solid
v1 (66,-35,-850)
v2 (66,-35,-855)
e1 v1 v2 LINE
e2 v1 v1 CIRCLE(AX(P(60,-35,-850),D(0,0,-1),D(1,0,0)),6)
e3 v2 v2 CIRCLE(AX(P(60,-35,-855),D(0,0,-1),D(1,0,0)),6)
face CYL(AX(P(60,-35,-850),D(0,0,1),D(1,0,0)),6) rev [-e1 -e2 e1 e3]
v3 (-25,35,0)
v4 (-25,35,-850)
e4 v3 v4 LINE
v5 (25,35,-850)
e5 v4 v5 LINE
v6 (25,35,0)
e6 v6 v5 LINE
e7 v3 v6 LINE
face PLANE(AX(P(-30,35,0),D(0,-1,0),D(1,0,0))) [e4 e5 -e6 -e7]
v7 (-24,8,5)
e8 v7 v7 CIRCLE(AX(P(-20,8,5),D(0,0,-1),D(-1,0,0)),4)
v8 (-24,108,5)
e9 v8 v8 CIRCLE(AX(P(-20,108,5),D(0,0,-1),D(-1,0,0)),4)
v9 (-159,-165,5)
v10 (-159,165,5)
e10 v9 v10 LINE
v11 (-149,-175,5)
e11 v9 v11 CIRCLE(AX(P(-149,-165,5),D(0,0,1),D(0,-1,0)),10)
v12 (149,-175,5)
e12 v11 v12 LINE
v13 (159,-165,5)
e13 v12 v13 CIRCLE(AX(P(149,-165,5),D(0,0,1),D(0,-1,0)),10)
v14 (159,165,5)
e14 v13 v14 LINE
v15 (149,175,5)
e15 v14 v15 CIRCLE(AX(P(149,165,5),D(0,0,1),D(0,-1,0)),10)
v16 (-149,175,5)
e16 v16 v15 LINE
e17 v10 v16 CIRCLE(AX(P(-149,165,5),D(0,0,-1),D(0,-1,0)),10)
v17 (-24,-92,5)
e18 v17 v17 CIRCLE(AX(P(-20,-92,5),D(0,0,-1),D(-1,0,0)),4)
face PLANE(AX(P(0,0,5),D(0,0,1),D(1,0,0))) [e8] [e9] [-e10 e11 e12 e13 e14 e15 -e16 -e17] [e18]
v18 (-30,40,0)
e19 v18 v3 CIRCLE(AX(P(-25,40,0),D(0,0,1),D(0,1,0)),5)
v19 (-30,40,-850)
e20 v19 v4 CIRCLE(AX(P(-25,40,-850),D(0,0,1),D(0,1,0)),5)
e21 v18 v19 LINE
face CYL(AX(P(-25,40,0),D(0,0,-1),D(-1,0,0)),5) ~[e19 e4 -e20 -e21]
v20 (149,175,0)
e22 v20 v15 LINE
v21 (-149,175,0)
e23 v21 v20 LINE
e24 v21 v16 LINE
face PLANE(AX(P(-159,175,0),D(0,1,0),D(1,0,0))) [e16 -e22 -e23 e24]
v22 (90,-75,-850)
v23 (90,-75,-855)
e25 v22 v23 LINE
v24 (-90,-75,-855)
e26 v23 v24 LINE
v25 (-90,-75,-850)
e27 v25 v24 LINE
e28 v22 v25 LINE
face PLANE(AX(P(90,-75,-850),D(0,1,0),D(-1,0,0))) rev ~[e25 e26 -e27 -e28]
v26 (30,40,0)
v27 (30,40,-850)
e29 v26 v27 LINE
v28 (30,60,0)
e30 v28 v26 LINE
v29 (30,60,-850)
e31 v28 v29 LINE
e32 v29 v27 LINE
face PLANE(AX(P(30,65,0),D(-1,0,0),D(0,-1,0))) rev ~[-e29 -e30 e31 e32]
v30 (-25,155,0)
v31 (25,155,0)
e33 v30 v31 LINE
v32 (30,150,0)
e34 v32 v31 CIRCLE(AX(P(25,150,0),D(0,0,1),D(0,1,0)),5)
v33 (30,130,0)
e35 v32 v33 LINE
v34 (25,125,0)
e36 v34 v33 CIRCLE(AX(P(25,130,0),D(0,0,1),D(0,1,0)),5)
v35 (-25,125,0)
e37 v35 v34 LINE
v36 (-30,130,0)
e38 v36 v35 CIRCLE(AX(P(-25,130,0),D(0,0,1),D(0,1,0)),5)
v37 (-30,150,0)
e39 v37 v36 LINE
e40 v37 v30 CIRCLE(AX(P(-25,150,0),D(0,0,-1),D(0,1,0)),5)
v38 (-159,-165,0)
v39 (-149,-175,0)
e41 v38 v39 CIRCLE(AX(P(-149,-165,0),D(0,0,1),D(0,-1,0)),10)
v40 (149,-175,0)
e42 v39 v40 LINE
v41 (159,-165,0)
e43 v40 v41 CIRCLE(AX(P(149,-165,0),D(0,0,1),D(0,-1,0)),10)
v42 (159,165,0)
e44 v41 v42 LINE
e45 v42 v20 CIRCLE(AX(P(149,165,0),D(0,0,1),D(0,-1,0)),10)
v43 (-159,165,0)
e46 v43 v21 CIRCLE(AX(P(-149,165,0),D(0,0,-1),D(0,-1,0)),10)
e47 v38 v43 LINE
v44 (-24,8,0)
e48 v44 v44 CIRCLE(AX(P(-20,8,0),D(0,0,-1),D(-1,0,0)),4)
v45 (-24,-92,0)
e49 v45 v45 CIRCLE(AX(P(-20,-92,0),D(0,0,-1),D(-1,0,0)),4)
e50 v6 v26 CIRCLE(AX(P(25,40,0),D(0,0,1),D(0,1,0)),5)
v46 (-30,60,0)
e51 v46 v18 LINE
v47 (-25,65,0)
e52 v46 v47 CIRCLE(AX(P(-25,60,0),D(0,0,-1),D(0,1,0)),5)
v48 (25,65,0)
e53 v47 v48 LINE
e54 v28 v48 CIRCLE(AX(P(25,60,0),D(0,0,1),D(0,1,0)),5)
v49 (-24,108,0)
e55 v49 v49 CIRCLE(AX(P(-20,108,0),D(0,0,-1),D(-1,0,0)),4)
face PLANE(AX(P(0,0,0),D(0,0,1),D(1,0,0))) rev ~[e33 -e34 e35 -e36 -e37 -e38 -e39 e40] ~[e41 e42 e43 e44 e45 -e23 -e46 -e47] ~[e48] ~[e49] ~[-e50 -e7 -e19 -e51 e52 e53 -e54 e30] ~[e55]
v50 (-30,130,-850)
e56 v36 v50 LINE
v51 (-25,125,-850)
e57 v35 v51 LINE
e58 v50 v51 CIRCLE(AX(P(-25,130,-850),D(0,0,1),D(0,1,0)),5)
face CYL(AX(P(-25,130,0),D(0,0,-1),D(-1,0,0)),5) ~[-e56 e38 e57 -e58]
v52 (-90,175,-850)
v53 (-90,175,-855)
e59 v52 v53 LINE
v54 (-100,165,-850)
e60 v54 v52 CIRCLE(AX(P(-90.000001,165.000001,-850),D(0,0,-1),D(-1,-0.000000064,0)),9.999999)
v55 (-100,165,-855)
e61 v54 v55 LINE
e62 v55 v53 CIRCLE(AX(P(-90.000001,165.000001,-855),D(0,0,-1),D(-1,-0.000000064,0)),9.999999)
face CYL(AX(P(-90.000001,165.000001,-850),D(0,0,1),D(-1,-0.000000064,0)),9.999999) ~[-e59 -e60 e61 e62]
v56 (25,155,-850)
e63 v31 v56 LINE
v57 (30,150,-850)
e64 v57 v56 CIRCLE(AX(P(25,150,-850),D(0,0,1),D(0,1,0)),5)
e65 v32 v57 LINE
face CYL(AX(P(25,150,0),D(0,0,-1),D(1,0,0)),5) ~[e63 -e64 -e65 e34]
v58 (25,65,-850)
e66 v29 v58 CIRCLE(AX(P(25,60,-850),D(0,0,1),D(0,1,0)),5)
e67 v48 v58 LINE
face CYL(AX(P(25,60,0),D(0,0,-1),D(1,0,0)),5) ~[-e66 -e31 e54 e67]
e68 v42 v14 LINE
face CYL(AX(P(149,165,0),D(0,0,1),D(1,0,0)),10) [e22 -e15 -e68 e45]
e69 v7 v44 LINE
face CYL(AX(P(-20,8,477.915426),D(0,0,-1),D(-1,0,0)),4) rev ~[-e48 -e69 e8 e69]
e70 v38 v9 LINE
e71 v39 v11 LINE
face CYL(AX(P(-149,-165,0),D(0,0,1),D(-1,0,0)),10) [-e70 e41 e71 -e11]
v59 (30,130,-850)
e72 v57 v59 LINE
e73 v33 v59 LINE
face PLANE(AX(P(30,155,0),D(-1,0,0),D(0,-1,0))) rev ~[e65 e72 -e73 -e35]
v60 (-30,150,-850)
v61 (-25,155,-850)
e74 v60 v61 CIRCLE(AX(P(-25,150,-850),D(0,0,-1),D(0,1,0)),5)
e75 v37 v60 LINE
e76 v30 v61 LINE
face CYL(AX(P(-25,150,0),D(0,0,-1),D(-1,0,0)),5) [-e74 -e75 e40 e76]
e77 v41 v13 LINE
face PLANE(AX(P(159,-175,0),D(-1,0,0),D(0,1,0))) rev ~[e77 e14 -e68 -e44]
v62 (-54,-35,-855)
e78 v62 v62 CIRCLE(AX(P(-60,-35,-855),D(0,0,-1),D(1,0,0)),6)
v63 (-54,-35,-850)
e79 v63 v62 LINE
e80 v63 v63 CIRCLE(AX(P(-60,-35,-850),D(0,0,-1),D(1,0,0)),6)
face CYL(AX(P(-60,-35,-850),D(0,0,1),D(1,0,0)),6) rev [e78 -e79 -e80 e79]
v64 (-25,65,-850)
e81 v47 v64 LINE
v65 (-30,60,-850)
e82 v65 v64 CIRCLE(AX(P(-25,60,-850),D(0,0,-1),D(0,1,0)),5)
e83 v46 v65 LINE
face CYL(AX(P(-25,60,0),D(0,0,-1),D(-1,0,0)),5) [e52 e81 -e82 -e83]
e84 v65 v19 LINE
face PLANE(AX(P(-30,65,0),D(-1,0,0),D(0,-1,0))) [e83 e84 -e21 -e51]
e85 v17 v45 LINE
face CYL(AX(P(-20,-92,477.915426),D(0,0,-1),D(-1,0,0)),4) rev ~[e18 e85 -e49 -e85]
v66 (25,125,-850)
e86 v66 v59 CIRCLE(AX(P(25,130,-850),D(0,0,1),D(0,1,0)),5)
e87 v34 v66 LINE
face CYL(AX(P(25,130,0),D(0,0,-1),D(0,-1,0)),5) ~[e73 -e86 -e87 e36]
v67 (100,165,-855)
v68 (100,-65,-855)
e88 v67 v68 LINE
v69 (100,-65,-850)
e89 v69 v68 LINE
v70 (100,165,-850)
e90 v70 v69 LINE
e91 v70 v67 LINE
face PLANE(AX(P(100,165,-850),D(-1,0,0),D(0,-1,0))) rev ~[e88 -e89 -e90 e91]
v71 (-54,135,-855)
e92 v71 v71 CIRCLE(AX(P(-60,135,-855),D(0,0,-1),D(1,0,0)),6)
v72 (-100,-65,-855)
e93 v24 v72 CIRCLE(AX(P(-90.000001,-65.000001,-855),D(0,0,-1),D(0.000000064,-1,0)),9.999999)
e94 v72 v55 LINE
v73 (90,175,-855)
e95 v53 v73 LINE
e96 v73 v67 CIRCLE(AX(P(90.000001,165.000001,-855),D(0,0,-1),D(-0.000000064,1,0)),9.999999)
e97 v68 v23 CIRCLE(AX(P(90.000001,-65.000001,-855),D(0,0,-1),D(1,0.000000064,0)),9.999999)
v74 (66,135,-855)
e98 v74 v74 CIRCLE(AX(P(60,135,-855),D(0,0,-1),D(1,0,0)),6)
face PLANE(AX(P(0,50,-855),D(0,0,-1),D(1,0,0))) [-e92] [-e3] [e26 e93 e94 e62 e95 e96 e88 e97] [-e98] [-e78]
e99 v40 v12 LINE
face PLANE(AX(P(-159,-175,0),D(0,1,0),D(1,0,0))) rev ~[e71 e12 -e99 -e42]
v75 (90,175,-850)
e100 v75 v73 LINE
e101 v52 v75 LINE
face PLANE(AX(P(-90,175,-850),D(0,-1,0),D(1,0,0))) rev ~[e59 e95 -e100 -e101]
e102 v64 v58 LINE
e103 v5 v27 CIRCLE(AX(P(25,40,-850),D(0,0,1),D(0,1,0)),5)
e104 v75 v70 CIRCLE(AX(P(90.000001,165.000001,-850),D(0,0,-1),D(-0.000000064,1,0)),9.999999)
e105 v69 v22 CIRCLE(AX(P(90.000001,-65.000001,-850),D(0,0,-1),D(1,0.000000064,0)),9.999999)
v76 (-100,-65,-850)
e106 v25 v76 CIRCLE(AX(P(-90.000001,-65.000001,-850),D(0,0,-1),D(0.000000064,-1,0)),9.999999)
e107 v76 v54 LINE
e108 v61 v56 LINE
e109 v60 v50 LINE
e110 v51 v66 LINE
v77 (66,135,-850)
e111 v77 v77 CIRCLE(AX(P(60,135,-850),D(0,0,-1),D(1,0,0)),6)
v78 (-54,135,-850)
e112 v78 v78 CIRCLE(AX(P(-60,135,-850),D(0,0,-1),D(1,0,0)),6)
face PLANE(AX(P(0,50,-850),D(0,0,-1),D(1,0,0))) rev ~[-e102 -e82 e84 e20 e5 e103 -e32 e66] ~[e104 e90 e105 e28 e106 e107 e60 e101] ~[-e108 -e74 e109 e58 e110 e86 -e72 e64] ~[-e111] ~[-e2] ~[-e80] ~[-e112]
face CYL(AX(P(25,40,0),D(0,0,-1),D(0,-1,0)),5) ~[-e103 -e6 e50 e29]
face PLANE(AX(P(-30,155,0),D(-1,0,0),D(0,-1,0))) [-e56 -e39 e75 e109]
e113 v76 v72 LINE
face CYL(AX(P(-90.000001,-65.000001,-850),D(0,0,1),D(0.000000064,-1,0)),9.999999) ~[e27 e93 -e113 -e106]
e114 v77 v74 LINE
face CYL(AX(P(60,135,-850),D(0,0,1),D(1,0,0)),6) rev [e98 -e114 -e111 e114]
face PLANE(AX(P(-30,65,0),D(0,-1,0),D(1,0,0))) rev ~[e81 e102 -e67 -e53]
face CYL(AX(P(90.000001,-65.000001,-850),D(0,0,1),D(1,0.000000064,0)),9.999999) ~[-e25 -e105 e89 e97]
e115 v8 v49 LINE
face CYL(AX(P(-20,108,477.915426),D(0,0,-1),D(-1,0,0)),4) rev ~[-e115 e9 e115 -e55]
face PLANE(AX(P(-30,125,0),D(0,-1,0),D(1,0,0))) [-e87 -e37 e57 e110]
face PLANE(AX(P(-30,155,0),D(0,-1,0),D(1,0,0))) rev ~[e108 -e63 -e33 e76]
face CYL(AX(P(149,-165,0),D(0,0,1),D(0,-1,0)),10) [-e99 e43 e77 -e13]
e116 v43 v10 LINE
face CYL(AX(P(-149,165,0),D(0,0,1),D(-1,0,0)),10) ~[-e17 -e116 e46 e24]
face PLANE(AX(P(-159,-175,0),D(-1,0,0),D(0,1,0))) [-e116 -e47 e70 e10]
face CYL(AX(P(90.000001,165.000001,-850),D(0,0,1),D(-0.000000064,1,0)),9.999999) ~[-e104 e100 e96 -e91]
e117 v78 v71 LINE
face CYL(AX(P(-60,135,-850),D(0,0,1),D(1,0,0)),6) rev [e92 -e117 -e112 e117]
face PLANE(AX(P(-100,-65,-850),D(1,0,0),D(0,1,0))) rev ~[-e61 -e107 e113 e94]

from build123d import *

# Parameters (mm, degrees)
F0_W     = 318
F0_H     = 350
F1_DEPTH = 5
F2_R     = 10
F4_D     = 8
F5_W     = 60
F5_H     = 30
F6_DEPTH = 850
F7_R     = 5
F8_R     = 6
F9_DEPTH = 5


with BuildPart() as f1:
    # F0 (on Top) → F1 (new body)
    with BuildSketch(Plane.XY):
        Rectangle(F0_W, F0_H)
    extrude(amount=F1_DEPTH)

    # F2
    f2_edges = [f1.edges().sort_by_distance(p)[0] for p in [
        (-159, -175, 2.5),
        (159, -175, 2.5),
        (159, 175, 2.5),
        (-159, 175, 2.5),
    ]]
    fillet(f2_edges, radius=F2_R)

    # F4 (through all)
    with Locations(Plane.XY.offset(5)):
        with Locations((-20, -92), (-20, 8), (-20, 108)):
            Hole(F4_D / 2)

    # F5 (on face) → F6 (join)
    with BuildSketch(Plane(origin=(0, 0, 0), x_dir=(1, 0, 0), z_dir=(0, 0, -1))):
        with Locations((0, -50)):
            Rectangle(F5_W, F5_H)
        with Locations((0, -140)):
            Rectangle(F5_W, F5_H)
    extrude(amount=F6_DEPTH)

    # F7
    f7_edges = [f1.edges().sort_by_distance(p)[0] for p in [
        (-30, 125, -425),
        (-30, 155, -425),
        (30, 125, -425),
        (-30, 65, -425),
        (-30, 35, -425),
        (30, 35, -425),
        (30, 65, -425),
        (30, 155, -425),
    ]]
    fillet(f7_edges, radius=F7_R)

    # F8 (on face) → F9 (join)
    with BuildSketch(Plane(origin=(0, 0, -850), x_dir=(1, 0, 0), z_dir=(0, 0, -1))):
        with BuildLine():
            ThreePointArc((100, 65), (97.071068, 72.071068), (90, 75))
            Line((90, 75), (-90, 75))
            ThreePointArc((-90, 75), (-97.071068, 72.071068), (-100, 65))
            Line((-100, 65), (-100, -165))
            ThreePointArc((-100, -165), (-97.071068, -172.071068), (-90, -175))
            Line((-90, -175), (90, -175))
            ThreePointArc((90, -175), (97.071068, -172.071068), (100, -165))
            Line((100, -165), (100, 65))
        make_face()
        with Locations((-60, -135)):
            Circle(F8_R, mode=Mode.SUBTRACT)
        with Locations((60, -135)):
            Circle(F8_R, mode=Mode.SUBTRACT)
        with Locations((-60, 35)):
            Circle(F8_R, mode=Mode.SUBTRACT)
        with BuildLine():
            Line((30, -40), (30, -60))
            ThreePointArc((30, -60), (28.535534, -63.535534), (25, -65))
            Line((25, -65), (-25, -65))
            ThreePointArc((-25, -65), (-28.535534, -63.535534), (-30, -60))
            Line((-30, -60), (-30, -40))
            ThreePointArc((-30, -40), (-28.535534, -36.464466), (-25, -35))
            Line((-25, -35), (25, -35))
            ThreePointArc((25, -35), (28.535534, -36.464466), (30, -40))
        make_face(mode=Mode.SUBTRACT)
        with Locations((60, 35)):
            Circle(F8_R, mode=Mode.SUBTRACT)
        with BuildLine():
            ThreePointArc((25, -65), (28.535534, -63.535534), (30, -60))
            Line((30, -60), (30, -40))
            ThreePointArc((30, -40), (28.535534, -36.464466), (25, -35))
            Line((25, -35), (-25, -35))
            ThreePointArc((-25, -35), (-28.535534, -36.464466), (-30, -40))
            Line((-30, -40), (-30, -60))
            ThreePointArc((-30, -60), (-28.535534, -63.535534), (-25, -65))
            Line((-25, -65), (25, -65))
        make_face()
    extrude(amount=F9_DEPTH)


solid = f1.part
